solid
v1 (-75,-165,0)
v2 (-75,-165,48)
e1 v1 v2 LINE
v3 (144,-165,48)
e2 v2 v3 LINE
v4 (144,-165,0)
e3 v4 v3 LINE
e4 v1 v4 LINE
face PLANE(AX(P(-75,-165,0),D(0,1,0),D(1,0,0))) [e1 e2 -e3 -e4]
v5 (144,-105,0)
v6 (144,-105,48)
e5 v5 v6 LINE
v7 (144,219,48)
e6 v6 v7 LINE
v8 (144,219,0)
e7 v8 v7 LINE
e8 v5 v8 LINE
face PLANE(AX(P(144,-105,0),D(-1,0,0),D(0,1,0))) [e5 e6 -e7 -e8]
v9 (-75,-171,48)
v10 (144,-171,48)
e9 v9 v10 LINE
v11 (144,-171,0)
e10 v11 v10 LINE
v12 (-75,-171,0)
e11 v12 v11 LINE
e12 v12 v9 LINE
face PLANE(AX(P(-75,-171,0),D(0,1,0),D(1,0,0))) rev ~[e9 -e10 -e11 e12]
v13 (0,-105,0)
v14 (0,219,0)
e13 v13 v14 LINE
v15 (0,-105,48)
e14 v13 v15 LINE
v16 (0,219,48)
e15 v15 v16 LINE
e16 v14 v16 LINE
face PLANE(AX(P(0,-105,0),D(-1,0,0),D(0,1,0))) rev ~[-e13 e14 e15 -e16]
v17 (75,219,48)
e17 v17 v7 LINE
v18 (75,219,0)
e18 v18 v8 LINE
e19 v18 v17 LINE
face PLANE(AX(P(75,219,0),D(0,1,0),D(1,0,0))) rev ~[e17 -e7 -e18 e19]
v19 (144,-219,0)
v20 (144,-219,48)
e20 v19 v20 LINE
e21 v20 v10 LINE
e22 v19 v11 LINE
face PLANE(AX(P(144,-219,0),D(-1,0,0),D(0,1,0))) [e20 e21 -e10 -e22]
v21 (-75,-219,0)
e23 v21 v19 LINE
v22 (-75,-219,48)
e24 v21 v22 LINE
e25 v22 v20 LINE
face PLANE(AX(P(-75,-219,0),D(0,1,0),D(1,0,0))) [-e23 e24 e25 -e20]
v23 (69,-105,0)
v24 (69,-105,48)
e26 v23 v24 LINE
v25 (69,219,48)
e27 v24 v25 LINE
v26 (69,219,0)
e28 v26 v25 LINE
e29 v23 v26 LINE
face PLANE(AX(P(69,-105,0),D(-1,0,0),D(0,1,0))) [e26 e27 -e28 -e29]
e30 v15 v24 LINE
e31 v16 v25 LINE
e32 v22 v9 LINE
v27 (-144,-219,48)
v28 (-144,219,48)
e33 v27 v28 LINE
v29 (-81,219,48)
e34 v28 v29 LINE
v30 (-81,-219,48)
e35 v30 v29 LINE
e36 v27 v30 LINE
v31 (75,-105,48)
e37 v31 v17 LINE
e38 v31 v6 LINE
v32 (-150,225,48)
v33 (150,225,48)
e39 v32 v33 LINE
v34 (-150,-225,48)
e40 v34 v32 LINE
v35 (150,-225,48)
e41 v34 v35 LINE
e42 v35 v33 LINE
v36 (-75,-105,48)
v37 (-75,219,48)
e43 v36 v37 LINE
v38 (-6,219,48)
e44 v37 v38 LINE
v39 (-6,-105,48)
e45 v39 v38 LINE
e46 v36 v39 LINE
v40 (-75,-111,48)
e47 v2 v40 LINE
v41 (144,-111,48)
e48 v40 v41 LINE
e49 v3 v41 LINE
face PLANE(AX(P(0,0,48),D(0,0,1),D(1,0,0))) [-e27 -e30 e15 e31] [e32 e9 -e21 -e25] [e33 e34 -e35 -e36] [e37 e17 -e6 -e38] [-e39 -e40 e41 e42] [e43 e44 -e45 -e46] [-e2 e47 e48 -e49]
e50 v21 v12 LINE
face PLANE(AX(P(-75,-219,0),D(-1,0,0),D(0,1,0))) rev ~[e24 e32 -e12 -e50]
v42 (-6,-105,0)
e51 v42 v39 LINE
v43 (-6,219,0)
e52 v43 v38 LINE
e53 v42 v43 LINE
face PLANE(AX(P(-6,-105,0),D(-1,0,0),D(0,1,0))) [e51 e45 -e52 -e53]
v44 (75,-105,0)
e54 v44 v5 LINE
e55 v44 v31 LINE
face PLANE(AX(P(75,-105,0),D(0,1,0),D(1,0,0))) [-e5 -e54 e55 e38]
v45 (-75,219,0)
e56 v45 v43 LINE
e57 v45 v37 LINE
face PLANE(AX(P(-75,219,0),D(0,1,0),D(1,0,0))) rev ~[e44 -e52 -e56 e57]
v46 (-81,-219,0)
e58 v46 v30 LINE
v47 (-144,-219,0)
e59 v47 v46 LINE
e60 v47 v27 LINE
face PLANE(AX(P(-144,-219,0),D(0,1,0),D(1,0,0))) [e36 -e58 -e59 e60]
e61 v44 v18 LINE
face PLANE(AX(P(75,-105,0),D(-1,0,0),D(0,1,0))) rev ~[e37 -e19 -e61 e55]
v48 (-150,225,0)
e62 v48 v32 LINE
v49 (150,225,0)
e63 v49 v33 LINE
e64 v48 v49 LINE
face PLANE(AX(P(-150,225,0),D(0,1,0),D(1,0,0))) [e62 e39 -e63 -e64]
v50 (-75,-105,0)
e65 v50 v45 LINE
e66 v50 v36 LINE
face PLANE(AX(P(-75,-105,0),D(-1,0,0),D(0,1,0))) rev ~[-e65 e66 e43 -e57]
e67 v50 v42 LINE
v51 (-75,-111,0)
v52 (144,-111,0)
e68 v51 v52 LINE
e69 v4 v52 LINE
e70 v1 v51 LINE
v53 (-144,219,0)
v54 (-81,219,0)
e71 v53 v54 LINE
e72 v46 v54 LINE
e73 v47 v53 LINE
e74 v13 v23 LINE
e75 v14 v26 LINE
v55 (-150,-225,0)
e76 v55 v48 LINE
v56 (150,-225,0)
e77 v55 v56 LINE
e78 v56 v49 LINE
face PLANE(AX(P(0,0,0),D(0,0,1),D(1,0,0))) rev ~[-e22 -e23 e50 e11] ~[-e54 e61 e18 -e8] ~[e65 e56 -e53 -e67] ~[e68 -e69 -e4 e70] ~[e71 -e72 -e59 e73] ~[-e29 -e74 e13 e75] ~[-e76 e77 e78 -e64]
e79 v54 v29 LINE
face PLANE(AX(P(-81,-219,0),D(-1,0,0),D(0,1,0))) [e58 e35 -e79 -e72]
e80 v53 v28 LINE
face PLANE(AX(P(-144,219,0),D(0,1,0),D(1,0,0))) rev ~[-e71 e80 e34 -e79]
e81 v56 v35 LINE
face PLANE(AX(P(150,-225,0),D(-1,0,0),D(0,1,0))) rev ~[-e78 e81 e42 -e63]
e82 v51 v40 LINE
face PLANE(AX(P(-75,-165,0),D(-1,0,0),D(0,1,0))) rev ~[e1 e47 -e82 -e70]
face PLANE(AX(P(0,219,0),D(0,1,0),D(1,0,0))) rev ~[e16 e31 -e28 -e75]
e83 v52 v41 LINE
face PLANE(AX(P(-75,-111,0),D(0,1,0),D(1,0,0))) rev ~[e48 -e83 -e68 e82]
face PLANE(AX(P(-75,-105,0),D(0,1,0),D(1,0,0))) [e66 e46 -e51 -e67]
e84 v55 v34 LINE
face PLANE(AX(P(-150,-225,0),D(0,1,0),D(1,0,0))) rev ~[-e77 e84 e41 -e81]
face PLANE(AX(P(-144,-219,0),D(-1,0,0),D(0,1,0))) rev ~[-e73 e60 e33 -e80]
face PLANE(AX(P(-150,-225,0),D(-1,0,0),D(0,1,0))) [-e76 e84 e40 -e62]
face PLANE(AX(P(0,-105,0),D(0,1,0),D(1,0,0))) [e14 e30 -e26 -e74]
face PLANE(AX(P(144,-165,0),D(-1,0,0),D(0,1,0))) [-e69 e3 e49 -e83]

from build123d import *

# Parameters (mm, degrees)
F0_W     = 300
F0_H     = 450
F0_W_2   = 219
F0_H_2   = 48
F0_H_3   = 54
F0_W_3   = 63
F0_H_4   = 438
F0_W_4   = 69
F0_H_5   = 324
F1_DEPTH = 48


with BuildPart() as f1:
    # F0 (on Top) → F1 (new body)
    with BuildSketch(Plane.XY):
        Rectangle(F0_W, F0_H)
        with Locations((34.5, -195)):
            Rectangle(F0_W_2, F0_H_2, mode=Mode.SUBTRACT)
        with Locations((34.5, -138)):
            Rectangle(F0_W_2, F0_H_3, mode=Mode.SUBTRACT)
        with Locations((-112.5, 0)):
            Rectangle(F0_W_3, F0_H_4, mode=Mode.SUBTRACT)
        with Locations((-40.5, 57)):
            Rectangle(F0_W_4, F0_H_5, mode=Mode.SUBTRACT)
        with Locations((34.5, 57)):
            Rectangle(F0_W_4, F0_H_5, mode=Mode.SUBTRACT)
        with Locations((109.5, 57)):
            Rectangle(F0_W_4, F0_H_5, mode=Mode.SUBTRACT)
    extrude(amount=F1_DEPTH)


solid = f1.part
